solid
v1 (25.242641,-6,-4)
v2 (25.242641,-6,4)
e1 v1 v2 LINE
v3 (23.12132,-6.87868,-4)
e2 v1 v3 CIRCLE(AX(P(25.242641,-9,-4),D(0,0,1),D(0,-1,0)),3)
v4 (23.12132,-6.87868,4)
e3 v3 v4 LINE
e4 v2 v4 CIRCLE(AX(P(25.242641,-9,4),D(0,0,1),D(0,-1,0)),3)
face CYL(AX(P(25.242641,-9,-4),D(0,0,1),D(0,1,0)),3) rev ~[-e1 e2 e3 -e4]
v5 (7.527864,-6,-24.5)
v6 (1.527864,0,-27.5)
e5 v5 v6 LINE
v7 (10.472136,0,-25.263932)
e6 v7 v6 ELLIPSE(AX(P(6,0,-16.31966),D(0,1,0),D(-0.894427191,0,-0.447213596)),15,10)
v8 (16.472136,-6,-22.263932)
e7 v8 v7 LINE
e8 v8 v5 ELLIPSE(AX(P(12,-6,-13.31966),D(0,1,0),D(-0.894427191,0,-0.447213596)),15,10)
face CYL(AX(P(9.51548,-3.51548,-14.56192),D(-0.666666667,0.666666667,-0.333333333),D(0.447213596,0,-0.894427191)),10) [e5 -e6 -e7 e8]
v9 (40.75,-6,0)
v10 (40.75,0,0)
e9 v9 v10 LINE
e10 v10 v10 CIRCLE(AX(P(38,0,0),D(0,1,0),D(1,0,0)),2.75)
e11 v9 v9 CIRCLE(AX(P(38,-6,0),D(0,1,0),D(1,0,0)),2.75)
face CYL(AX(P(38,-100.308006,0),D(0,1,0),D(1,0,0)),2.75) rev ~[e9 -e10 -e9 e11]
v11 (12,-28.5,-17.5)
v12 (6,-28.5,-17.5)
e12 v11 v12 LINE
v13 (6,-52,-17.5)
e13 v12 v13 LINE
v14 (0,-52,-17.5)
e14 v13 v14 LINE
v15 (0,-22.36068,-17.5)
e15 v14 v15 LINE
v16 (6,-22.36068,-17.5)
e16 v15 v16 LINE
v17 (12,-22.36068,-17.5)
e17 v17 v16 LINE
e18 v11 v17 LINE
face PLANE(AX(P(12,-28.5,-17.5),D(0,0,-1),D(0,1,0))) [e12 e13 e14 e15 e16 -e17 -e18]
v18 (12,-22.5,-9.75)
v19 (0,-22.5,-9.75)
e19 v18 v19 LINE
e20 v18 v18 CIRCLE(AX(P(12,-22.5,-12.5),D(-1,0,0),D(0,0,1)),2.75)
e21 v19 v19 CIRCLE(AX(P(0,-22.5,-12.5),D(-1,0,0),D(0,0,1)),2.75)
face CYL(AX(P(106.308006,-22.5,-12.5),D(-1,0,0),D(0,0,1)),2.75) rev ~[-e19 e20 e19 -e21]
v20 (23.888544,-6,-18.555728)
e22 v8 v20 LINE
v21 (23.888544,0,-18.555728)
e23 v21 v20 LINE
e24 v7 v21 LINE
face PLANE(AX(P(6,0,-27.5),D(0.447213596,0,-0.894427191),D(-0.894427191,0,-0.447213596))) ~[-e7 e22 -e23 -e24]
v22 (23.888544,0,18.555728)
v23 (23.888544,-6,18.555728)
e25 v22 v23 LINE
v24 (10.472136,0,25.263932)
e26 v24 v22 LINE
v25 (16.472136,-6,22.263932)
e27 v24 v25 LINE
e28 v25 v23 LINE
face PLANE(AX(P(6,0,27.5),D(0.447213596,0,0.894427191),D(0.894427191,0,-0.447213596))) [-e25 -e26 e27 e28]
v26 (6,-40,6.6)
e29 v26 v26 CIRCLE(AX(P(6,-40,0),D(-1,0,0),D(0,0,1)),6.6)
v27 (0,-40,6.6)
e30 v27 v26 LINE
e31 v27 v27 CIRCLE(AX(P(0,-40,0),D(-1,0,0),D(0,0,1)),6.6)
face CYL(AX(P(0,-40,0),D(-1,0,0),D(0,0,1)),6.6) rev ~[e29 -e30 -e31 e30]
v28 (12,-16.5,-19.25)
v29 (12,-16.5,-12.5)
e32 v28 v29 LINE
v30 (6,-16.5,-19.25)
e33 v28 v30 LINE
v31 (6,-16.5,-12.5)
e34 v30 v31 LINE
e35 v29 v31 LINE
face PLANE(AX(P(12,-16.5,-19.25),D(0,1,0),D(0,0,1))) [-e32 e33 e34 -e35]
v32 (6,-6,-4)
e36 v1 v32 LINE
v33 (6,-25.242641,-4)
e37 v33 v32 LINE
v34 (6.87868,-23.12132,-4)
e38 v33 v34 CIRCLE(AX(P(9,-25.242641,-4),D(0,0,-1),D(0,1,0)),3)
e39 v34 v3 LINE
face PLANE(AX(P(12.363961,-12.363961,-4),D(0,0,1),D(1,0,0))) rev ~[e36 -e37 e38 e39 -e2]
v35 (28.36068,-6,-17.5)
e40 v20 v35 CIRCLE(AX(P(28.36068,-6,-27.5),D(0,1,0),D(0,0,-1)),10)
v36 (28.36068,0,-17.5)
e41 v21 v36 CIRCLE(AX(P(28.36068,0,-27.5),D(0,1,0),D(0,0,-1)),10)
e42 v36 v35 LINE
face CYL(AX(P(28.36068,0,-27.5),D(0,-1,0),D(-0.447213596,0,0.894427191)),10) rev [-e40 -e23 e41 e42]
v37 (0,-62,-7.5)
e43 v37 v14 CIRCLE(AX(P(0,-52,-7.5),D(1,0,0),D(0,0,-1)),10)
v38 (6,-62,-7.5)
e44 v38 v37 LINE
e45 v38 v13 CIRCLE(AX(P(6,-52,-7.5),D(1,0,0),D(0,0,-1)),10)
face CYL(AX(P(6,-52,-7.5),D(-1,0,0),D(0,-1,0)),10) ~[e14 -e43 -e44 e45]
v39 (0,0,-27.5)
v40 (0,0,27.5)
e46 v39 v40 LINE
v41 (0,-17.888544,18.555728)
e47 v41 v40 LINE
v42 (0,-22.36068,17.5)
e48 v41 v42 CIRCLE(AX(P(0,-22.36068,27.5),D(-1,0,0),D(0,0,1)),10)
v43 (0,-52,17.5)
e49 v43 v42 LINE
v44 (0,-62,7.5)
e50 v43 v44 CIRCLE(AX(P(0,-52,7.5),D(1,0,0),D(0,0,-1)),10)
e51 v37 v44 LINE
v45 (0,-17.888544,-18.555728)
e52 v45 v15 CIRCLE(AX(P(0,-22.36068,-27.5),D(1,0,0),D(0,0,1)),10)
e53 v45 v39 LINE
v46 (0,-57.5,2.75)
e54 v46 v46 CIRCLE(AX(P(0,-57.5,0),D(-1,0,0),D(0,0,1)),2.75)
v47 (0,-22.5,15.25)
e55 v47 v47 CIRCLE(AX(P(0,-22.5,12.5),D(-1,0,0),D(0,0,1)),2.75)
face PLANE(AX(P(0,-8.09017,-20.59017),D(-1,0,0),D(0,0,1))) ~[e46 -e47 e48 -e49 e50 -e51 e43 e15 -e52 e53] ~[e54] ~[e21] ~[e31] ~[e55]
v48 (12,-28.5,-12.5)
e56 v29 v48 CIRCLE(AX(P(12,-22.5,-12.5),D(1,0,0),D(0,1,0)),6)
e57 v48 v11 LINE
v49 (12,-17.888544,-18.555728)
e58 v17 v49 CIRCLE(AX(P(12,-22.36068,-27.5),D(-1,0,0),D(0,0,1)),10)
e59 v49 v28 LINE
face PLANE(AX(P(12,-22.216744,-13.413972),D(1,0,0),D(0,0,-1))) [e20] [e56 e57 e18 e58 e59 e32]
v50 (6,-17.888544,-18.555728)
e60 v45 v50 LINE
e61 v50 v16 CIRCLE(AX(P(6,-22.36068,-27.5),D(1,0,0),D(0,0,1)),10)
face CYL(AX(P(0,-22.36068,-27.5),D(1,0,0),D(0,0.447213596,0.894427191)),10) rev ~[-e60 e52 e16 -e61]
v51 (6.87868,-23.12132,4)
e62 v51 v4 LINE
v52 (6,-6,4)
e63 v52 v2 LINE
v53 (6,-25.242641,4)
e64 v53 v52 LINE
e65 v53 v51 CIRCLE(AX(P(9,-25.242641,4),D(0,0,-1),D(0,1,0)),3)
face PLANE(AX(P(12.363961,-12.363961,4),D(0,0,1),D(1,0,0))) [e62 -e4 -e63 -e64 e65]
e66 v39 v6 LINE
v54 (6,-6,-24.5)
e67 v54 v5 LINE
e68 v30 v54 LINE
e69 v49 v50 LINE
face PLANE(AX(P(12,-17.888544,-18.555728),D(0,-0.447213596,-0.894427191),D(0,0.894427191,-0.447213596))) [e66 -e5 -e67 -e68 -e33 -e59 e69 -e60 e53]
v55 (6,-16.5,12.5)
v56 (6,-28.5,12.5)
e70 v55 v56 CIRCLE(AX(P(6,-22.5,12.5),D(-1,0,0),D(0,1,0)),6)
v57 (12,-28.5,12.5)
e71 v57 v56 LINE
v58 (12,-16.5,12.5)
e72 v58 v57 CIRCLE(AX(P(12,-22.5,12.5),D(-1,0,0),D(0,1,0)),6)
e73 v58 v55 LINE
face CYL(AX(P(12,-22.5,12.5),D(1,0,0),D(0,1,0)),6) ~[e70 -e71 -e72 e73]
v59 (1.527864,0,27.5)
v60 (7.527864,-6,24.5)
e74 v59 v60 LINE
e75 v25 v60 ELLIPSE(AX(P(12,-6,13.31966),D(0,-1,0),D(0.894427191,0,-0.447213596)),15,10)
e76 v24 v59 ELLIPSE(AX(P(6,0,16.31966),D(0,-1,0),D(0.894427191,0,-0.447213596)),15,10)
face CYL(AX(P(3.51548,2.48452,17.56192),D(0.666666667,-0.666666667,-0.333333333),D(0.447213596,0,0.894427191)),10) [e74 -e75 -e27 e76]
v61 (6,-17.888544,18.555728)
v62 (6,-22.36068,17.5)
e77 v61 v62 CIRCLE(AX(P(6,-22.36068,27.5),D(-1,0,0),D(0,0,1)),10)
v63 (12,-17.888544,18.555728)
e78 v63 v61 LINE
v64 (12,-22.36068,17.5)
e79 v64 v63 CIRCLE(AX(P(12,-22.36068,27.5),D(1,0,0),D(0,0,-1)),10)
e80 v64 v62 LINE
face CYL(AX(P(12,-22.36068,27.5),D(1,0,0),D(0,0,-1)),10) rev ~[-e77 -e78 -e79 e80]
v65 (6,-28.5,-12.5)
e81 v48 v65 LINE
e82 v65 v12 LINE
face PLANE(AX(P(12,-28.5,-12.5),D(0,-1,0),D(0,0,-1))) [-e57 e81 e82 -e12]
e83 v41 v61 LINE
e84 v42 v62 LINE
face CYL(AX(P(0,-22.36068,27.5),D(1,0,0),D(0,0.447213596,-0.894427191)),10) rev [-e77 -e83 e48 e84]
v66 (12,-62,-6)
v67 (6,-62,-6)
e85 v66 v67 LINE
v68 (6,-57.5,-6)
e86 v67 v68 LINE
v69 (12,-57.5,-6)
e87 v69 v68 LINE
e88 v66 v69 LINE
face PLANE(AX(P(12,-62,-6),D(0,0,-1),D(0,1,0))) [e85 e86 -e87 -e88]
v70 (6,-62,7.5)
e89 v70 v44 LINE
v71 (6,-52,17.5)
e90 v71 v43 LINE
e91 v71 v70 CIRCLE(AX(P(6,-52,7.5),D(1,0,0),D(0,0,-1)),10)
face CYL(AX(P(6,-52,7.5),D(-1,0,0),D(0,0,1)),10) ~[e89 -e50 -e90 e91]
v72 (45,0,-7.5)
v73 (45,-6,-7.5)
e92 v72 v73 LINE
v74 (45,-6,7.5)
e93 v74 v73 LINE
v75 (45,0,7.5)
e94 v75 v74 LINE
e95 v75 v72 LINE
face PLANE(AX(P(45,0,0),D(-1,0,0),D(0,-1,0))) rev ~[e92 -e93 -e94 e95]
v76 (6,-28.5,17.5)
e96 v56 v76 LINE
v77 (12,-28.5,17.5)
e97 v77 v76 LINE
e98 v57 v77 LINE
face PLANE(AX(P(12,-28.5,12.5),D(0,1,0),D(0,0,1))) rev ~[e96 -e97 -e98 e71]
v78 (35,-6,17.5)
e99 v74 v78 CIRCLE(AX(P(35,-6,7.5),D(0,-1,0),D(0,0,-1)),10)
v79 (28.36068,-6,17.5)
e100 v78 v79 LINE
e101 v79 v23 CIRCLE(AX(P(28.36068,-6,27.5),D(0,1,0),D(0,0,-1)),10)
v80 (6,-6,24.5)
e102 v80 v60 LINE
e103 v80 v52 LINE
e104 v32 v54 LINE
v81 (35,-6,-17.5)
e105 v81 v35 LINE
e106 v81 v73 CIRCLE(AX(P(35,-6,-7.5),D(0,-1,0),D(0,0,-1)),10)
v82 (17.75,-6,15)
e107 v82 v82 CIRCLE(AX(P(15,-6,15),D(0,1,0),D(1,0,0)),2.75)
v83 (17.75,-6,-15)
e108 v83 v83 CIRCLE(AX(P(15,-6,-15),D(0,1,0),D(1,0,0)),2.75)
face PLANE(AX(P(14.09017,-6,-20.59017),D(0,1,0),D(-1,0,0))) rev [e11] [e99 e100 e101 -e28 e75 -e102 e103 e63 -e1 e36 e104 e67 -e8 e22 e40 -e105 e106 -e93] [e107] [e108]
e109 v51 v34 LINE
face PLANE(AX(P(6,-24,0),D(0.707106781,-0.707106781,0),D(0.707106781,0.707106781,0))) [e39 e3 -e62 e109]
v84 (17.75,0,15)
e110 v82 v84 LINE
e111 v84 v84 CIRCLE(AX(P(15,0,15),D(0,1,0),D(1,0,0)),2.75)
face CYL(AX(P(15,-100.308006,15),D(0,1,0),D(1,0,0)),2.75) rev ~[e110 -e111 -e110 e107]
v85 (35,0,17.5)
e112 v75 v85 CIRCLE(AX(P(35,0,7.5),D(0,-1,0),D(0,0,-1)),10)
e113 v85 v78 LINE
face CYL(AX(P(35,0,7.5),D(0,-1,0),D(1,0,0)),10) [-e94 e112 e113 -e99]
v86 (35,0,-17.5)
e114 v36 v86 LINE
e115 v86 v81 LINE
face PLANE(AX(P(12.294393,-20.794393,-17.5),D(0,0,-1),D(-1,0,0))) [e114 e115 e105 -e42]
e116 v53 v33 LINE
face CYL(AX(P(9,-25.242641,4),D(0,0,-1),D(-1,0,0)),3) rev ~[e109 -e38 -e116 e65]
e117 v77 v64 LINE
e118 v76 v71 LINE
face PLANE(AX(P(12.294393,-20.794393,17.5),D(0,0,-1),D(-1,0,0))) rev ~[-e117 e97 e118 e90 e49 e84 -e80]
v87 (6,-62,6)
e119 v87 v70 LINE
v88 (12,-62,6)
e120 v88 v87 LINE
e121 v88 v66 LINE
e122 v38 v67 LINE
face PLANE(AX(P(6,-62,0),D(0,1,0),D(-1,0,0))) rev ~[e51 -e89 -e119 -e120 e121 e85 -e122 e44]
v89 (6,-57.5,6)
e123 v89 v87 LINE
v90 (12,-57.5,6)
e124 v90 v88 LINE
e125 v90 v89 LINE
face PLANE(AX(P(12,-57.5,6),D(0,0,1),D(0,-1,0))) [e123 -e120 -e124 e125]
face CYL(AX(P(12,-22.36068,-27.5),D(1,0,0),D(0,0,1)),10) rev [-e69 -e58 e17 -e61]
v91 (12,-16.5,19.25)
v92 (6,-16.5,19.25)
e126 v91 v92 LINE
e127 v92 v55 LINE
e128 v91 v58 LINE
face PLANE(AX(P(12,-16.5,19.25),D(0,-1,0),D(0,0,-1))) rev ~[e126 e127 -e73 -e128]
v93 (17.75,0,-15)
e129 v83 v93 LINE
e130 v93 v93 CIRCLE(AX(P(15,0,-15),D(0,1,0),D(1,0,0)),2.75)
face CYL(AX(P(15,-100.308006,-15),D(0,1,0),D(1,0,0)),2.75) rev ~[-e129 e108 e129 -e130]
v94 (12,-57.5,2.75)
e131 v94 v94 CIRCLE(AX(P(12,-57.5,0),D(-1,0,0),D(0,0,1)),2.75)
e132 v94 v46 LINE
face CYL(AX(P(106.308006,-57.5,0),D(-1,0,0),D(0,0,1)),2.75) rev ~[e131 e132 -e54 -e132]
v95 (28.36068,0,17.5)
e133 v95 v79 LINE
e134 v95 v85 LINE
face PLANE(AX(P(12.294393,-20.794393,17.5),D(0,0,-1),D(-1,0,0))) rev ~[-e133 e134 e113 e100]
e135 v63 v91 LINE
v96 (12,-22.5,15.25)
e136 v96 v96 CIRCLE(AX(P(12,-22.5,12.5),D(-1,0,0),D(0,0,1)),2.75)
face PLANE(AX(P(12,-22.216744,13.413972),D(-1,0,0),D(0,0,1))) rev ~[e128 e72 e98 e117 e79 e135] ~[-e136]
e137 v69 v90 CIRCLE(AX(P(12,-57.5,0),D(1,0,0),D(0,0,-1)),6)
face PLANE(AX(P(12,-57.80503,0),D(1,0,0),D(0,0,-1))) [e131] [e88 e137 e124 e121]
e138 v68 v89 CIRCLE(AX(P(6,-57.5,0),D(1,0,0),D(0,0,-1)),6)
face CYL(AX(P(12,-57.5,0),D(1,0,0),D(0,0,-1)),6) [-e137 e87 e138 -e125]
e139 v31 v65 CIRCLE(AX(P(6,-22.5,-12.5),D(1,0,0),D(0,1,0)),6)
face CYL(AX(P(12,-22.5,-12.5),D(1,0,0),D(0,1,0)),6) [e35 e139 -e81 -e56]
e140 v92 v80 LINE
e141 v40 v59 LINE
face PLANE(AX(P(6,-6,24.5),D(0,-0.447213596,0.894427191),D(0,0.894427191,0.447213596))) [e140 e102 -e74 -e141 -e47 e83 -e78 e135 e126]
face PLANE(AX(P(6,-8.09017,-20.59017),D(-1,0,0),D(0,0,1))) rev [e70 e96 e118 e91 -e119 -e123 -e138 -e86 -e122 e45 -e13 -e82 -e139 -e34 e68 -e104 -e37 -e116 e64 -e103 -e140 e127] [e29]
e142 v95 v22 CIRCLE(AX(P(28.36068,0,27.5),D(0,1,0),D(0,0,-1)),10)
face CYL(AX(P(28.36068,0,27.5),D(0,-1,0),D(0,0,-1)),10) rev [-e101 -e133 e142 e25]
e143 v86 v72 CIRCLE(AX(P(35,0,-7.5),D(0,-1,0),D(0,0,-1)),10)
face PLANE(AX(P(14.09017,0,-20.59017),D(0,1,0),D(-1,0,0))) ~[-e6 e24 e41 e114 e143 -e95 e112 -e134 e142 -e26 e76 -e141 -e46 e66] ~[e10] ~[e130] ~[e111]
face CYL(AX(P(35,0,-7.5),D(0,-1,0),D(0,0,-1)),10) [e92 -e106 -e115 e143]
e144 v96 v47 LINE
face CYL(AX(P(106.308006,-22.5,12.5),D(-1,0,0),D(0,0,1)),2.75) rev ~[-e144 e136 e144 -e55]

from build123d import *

# Parameters (mm, degrees)
BOSS_EXTRUDE1_DEPTH  = 17.5
SKETCH2_R            = 6.6
CUT_EXTRUDE1_DEPTH   = 20
BOSS_EXTRUDE2_DEPTH  = 4
BOSS_EXTRUDE3_DEPTH  = 6
BOSS_EXTRUDE4_DEPTH  = 6
CUT_EXTRUDE2_DEPTH   = 8
FILLET3_R            = 10
FILLET4_R            = 3
M5_CLEARANCE_HOLE1_D = 5.5
FILLET5_R            = 10
BOSS_EXTRUDE5_START  = 6
BOSS_EXTRUDE5_DEPTH  = 6
M5_CLEARANCE_HOLE2_D = 5.5


with BuildPart() as part:
    # Sketch1 → Boss-Extrude1 (new, symmetric)
    with BuildSketch(Plane.XY):
        Polygon((0, -62), (0, 0), (45, 0), (45, -6), (6, -6), (6, -62), align=None)
    extrude(amount=BOSS_EXTRUDE1_DEPTH, both=True)

    # Sketch2 → Cut-Extrude1 (cut)
    with BuildSketch(Plane.ZY):
        with Locations((0, -40)):
            Circle(SKETCH2_R)
    extrude(amount=-CUT_EXTRUDE1_DEPTH, mode=Mode.SUBTRACT)

    # Sketch3 → Boss-Extrude2 (add, symmetric)
    with BuildSketch(Plane.XY):
        Polygon((6, -24), (24, -6), (6, -6), align=None)
    extrude(amount=BOSS_EXTRUDE2_DEPTH, both=True)

    # Sketch4 → Boss-Extrude3 (add)
    with BuildSketch(Plane.ZY):
        Polygon((17.5, -20), (27.5, 0), (17.5, 0), align=None)
    boss_extrude3 = extrude(amount=-BOSS_EXTRUDE3_DEPTH)

    # Sketch5 → Boss-Extrude4 (add)
    with BuildSketch(Plane(origin=(0, 0, 0), x_dir=(1, 0, 0), z_dir=(0, 1, 0))):
        Polygon((6, -27.5), (26, -17.5), (6, -17.5), align=None)
    boss_extrude4 = extrude(amount=-BOSS_EXTRUDE4_DEPTH)

    # Sketch6 → Cut-Extrude2 (cut)
    with BuildSketch(Plane.ZY.offset(-6)):
        Polygon((27.5, 0), (27.5, -6), (24.5, -6), align=None)
    cut_extrude2 = extrude(amount=-CUT_EXTRUDE2_DEPTH, mode=Mode.SUBTRACT)

    # Mirror2: Boss-Extrude3, Boss-Extrude4, Cut-Extrude2 across plane
    add(boss_extrude3.mirror(Plane.XY))
    add(boss_extrude4.mirror(Plane.XY))
    add(cut_extrude2.mirror(Plane.XY), mode=Mode.SUBTRACT)

    # Fillet3
    fillet3_edges = [part.edges().sort_by_distance(p)[0] for p in [
        (3, -20, 17.5),
        (26, -3, 17.5),
        (9, -3, 26),
        (3, -20, -17.5),
        (26, -3, -17.5),
        (9, -3, -26),
    ]]
    fillet(fillet3_edges, radius=FILLET3_R)

    # Fillet4
    fillet4_edges = [part.edges().sort_by_distance(p)[0] for p in [
        (6, -24, 0),
        (24, -6, 0),
    ]]
    fillet(fillet4_edges, radius=FILLET4_R)

    # M5 Clearance Hole1 (through all)
    with Locations(Plane(origin=(0, -6, 0), x_dir=(-1, 0, 0), z_dir=(0, -1, 0))):
        with Locations((-15, 15), (-15, -15), (-38, 0)):
            Hole(M5_CLEARANCE_HOLE1_D / 2)

    # Fillet5
    fillet5_edges = [part.edges().sort_by_distance(p)[0] for p in [
        (45, -3, 17.5),
        (3, -62, 17.5),
        (45, -3, -17.5),
        (3, -62, -17.5),
    ]]
    fillet(fillet5_edges, radius=FILLET5_R)

    # Sketch11 → Boss-Extrude5 (add)
    with BuildSketch(Plane(origin=(6, 0, 0), x_dir=(0, 0, -1), z_dir=(1, 0, 0)).offset(BOSS_EXTRUDE5_START)):
        with BuildLine():
            Line((17.5, -28.5), (17.5, -22.360679775))
            ThreePointArc((17.5, -22.360679775), (17.767510105, -20.06315057), (18.55572809, -17.88854382))
            Line((18.55572809, -17.88854382), (19.25, -16.5))
            Line((19.25, -16.5), (12.5, -16.5))
            ThreePointArc((12.5, -16.5), (6.5, -22.5), (12.5, -28.5))
            Line((12.5, -28.5), (17.5, -28.5))
        make_face()
        with BuildLine():
            Line((-17.5, -28.5), (-17.5, -22.360679775))
            ThreePointArc((-17.5, -22.360679775), (-17.767510105, -20.06315057), (-18.55572809, -17.88854382))
            Line((-18.55572809, -17.88854382), (-19.25, -16.5))
            Line((-19.25, -16.5), (-12.5, -16.5))
            ThreePointArc((-12.5, -16.5), (-6.5, -22.5), (-12.5, -28.5))
            Line((-12.5, -28.5), (-17.5, -28.5))
        make_face()
        with BuildLine():
            Line((-6, -57.5), (-6, -62))
            Line((-6, -62), (6, -62))
            Line((6, -62), (6, -57.5))
            ThreePointArc((6, -57.5), (0, -51.5), (-6, -57.5))
        make_face()
    extrude(amount=-BOSS_EXTRUDE5_DEPTH)

    # M5 Clearance Hole2 (through all)
    with Locations(Plane(origin=(12, 0, 0), x_dir=(0, 0, -1), z_dir=(1, 0, 0))):
        with Locations((-12.5, -22.5), (12.5, -22.5), (0, -57.5)):
            Hole(M5_CLEARANCE_HOLE2_D / 2)


solid = part.part
